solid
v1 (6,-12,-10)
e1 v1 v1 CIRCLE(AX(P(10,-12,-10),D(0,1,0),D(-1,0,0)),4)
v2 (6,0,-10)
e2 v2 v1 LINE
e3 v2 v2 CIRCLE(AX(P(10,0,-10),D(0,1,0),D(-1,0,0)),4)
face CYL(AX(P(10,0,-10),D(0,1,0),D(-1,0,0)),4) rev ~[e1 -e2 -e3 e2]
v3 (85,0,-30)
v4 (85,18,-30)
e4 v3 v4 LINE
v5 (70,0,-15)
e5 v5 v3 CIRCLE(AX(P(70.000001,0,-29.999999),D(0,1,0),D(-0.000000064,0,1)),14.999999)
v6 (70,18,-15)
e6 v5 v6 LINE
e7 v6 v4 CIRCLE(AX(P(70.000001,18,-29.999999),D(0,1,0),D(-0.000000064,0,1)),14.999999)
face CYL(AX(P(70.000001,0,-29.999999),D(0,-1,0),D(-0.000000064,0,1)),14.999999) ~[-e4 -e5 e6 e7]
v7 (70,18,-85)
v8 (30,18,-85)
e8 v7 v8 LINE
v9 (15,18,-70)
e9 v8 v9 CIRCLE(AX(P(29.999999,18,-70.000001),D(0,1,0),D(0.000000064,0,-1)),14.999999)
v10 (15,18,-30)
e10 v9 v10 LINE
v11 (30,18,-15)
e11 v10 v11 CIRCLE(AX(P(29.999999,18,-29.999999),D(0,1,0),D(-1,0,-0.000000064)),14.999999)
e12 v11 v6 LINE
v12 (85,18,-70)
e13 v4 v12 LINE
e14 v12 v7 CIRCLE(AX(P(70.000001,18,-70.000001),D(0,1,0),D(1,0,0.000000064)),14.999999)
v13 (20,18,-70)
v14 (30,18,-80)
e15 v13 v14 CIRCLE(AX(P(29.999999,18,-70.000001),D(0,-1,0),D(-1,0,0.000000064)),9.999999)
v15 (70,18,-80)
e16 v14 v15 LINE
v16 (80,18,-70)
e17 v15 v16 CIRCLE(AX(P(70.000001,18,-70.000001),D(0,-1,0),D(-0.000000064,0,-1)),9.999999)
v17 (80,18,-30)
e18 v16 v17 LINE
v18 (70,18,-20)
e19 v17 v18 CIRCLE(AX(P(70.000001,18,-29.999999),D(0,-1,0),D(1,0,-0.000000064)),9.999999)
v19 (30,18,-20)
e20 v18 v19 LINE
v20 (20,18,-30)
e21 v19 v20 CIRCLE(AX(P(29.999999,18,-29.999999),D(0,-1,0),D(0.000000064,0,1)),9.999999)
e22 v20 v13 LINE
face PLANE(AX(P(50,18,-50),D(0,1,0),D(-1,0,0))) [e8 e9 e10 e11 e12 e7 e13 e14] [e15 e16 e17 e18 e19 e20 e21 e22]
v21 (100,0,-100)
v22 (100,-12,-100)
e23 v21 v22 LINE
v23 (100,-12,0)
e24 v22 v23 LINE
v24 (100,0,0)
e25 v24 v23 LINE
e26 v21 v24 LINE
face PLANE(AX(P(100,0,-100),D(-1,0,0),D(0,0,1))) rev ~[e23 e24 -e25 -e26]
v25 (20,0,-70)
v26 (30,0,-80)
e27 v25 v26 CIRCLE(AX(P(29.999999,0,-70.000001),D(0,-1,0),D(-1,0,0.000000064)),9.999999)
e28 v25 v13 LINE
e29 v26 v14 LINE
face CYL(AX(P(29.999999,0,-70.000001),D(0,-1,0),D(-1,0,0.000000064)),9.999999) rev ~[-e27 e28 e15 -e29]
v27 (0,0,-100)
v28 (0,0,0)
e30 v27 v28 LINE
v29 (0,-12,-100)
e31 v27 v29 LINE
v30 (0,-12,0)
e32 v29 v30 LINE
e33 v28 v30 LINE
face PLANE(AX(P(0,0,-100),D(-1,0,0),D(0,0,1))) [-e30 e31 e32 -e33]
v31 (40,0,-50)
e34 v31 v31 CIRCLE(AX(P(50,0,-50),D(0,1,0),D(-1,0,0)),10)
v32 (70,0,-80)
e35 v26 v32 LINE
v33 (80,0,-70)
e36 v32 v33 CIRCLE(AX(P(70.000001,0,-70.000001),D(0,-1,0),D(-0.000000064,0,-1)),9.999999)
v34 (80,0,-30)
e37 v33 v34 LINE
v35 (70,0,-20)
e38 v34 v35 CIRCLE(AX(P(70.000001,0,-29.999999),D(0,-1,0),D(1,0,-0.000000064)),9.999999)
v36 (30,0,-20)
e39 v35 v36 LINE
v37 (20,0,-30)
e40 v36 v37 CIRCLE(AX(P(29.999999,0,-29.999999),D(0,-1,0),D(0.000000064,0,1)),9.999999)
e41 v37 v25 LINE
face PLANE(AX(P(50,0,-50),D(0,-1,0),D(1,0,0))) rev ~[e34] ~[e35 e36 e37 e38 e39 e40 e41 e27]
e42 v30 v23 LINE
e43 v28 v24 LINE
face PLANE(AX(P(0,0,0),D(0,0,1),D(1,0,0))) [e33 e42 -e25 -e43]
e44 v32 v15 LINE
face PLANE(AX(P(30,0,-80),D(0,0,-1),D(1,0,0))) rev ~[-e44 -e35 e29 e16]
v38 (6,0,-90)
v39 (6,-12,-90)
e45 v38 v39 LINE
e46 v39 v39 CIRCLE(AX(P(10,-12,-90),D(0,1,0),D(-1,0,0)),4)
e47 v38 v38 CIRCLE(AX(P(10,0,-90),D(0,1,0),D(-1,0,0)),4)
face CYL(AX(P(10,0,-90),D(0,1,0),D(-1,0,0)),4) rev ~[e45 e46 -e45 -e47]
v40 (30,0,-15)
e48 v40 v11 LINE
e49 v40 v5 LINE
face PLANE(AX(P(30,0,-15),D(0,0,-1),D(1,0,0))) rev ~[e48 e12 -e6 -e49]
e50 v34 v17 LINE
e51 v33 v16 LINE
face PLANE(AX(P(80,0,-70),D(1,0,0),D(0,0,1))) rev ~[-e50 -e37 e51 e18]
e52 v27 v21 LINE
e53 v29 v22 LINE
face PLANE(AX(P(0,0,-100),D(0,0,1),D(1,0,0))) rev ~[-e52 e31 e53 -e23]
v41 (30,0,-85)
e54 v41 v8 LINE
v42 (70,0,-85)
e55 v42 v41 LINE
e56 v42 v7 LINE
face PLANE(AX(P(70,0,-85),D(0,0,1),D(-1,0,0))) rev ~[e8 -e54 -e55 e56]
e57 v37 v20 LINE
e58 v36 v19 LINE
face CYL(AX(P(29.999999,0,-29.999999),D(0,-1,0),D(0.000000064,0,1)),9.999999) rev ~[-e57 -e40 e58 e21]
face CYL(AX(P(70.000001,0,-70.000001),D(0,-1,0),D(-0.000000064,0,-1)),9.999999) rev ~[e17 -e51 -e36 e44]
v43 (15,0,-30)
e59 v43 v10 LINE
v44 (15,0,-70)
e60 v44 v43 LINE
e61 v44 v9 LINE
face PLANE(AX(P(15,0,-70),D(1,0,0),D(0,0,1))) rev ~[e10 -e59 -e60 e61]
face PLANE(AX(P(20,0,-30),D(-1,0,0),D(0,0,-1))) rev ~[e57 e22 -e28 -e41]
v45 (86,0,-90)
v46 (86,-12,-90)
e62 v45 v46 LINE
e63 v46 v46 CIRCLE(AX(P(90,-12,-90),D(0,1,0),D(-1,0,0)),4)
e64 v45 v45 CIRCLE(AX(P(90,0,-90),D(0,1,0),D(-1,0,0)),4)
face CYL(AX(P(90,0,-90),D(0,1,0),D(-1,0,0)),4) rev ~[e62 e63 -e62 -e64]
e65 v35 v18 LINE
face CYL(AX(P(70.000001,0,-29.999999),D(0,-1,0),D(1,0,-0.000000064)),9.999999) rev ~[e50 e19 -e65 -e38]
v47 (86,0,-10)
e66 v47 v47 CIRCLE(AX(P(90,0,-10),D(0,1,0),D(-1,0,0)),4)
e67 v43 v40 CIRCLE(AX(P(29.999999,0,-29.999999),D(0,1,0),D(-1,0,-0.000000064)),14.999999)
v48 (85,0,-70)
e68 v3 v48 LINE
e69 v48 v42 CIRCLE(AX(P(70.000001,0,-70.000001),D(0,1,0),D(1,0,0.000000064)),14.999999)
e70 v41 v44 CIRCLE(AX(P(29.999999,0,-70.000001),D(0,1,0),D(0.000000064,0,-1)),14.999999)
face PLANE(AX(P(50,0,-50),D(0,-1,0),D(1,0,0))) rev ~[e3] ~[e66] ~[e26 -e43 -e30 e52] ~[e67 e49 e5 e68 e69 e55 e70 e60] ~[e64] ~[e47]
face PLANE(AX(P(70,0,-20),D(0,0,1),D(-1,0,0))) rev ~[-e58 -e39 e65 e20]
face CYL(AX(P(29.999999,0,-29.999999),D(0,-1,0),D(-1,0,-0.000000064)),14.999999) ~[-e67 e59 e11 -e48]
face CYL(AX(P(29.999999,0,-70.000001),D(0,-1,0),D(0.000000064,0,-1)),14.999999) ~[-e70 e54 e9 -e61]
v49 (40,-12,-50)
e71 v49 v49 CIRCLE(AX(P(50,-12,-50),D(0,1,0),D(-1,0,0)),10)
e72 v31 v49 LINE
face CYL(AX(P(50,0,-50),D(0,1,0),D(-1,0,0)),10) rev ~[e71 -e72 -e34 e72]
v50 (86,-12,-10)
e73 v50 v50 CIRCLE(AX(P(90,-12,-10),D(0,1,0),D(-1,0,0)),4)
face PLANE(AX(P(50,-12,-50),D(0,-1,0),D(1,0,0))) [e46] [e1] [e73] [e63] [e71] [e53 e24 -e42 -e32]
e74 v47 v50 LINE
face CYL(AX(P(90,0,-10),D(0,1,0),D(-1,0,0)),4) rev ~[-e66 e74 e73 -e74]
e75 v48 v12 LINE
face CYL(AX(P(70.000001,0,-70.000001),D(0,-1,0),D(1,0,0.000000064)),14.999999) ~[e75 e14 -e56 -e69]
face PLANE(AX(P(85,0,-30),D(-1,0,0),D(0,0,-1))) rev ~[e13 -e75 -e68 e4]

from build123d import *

# Parameters (mm, degrees)
F0_W     = 100
F0_H     = 100
F1_DEPTH = 12
F2_R     = 4
F3_DEPTH = 12
F5_DEPTH = 18
F4_R     = 10
F6_DEPTH = 18


with BuildPart() as f1:
    # F0 (on Front) → F1 (new body)
    with BuildSketch(Plane.XZ):
        with Locations((50, -50)):
            Rectangle(F0_W, F0_H)
    extrude(amount=F1_DEPTH)

    # F2 (on face) → F3 (cut)
    with BuildSketch(Plane(origin=(0, 0, 0), x_dir=(-1, 0, 0), z_dir=(0, 1, 0))):
        with Locations((-90, -90)):
            Circle(F2_R)
        with Locations((-10, -90)):
            Circle(F2_R)
        with Locations((-10, -10)):
            Circle(F2_R)
        with Locations((-90, -10)):
            Circle(F2_R)
    extrude(amount=-F3_DEPTH, mode=Mode.SUBTRACT)

    # F4 (on face) → F5 (join)
    with BuildSketch(Plane(origin=(0, 0, 0), x_dir=(-1, 0, 0), z_dir=(0, 1, 0))):
        with BuildLine():
            ThreePointArc((-85, -70), (-80.606602, -80.606602), (-70, -85))
            Line((-70, -85), (-30, -85))
            ThreePointArc((-30, -85), (-19.393398, -80.606602), (-15, -70))
            Line((-15, -70), (-15, -30))
            ThreePointArc((-15, -30), (-19.393398, -19.393398), (-30, -15))
            Line((-30, -15), (-70, -15))
            ThreePointArc((-70, -15), (-80.606602, -19.393398), (-85, -30))
            Line((-85, -30), (-85, -70))
        make_face()
        with BuildLine():
            Line((-30, -80), (-70, -80))
            ThreePointArc((-70, -80), (-77.071068, -77.071068), (-80, -70))
            Line((-80, -70), (-80, -30))
            ThreePointArc((-80, -30), (-77.071068, -22.928932), (-70, -20))
            Line((-70, -20), (-30, -20))
            ThreePointArc((-30, -20), (-22.928932, -22.928932), (-20, -30))
            Line((-20, -30), (-20, -70))
            ThreePointArc((-20, -70), (-22.928932, -77.071068), (-30, -80))
        make_face(mode=Mode.SUBTRACT)
    extrude(amount=F5_DEPTH)

    # F4 (on face) → F6 (cut)
    with BuildSketch(Plane(origin=(0, 0, 0), x_dir=(-1, 0, 0), z_dir=(0, 1, 0))):
        with Locations((-50, -50)):
            Circle(F4_R)
    extrude(amount=-F6_DEPTH, mode=Mode.SUBTRACT)


solid = f1.part
